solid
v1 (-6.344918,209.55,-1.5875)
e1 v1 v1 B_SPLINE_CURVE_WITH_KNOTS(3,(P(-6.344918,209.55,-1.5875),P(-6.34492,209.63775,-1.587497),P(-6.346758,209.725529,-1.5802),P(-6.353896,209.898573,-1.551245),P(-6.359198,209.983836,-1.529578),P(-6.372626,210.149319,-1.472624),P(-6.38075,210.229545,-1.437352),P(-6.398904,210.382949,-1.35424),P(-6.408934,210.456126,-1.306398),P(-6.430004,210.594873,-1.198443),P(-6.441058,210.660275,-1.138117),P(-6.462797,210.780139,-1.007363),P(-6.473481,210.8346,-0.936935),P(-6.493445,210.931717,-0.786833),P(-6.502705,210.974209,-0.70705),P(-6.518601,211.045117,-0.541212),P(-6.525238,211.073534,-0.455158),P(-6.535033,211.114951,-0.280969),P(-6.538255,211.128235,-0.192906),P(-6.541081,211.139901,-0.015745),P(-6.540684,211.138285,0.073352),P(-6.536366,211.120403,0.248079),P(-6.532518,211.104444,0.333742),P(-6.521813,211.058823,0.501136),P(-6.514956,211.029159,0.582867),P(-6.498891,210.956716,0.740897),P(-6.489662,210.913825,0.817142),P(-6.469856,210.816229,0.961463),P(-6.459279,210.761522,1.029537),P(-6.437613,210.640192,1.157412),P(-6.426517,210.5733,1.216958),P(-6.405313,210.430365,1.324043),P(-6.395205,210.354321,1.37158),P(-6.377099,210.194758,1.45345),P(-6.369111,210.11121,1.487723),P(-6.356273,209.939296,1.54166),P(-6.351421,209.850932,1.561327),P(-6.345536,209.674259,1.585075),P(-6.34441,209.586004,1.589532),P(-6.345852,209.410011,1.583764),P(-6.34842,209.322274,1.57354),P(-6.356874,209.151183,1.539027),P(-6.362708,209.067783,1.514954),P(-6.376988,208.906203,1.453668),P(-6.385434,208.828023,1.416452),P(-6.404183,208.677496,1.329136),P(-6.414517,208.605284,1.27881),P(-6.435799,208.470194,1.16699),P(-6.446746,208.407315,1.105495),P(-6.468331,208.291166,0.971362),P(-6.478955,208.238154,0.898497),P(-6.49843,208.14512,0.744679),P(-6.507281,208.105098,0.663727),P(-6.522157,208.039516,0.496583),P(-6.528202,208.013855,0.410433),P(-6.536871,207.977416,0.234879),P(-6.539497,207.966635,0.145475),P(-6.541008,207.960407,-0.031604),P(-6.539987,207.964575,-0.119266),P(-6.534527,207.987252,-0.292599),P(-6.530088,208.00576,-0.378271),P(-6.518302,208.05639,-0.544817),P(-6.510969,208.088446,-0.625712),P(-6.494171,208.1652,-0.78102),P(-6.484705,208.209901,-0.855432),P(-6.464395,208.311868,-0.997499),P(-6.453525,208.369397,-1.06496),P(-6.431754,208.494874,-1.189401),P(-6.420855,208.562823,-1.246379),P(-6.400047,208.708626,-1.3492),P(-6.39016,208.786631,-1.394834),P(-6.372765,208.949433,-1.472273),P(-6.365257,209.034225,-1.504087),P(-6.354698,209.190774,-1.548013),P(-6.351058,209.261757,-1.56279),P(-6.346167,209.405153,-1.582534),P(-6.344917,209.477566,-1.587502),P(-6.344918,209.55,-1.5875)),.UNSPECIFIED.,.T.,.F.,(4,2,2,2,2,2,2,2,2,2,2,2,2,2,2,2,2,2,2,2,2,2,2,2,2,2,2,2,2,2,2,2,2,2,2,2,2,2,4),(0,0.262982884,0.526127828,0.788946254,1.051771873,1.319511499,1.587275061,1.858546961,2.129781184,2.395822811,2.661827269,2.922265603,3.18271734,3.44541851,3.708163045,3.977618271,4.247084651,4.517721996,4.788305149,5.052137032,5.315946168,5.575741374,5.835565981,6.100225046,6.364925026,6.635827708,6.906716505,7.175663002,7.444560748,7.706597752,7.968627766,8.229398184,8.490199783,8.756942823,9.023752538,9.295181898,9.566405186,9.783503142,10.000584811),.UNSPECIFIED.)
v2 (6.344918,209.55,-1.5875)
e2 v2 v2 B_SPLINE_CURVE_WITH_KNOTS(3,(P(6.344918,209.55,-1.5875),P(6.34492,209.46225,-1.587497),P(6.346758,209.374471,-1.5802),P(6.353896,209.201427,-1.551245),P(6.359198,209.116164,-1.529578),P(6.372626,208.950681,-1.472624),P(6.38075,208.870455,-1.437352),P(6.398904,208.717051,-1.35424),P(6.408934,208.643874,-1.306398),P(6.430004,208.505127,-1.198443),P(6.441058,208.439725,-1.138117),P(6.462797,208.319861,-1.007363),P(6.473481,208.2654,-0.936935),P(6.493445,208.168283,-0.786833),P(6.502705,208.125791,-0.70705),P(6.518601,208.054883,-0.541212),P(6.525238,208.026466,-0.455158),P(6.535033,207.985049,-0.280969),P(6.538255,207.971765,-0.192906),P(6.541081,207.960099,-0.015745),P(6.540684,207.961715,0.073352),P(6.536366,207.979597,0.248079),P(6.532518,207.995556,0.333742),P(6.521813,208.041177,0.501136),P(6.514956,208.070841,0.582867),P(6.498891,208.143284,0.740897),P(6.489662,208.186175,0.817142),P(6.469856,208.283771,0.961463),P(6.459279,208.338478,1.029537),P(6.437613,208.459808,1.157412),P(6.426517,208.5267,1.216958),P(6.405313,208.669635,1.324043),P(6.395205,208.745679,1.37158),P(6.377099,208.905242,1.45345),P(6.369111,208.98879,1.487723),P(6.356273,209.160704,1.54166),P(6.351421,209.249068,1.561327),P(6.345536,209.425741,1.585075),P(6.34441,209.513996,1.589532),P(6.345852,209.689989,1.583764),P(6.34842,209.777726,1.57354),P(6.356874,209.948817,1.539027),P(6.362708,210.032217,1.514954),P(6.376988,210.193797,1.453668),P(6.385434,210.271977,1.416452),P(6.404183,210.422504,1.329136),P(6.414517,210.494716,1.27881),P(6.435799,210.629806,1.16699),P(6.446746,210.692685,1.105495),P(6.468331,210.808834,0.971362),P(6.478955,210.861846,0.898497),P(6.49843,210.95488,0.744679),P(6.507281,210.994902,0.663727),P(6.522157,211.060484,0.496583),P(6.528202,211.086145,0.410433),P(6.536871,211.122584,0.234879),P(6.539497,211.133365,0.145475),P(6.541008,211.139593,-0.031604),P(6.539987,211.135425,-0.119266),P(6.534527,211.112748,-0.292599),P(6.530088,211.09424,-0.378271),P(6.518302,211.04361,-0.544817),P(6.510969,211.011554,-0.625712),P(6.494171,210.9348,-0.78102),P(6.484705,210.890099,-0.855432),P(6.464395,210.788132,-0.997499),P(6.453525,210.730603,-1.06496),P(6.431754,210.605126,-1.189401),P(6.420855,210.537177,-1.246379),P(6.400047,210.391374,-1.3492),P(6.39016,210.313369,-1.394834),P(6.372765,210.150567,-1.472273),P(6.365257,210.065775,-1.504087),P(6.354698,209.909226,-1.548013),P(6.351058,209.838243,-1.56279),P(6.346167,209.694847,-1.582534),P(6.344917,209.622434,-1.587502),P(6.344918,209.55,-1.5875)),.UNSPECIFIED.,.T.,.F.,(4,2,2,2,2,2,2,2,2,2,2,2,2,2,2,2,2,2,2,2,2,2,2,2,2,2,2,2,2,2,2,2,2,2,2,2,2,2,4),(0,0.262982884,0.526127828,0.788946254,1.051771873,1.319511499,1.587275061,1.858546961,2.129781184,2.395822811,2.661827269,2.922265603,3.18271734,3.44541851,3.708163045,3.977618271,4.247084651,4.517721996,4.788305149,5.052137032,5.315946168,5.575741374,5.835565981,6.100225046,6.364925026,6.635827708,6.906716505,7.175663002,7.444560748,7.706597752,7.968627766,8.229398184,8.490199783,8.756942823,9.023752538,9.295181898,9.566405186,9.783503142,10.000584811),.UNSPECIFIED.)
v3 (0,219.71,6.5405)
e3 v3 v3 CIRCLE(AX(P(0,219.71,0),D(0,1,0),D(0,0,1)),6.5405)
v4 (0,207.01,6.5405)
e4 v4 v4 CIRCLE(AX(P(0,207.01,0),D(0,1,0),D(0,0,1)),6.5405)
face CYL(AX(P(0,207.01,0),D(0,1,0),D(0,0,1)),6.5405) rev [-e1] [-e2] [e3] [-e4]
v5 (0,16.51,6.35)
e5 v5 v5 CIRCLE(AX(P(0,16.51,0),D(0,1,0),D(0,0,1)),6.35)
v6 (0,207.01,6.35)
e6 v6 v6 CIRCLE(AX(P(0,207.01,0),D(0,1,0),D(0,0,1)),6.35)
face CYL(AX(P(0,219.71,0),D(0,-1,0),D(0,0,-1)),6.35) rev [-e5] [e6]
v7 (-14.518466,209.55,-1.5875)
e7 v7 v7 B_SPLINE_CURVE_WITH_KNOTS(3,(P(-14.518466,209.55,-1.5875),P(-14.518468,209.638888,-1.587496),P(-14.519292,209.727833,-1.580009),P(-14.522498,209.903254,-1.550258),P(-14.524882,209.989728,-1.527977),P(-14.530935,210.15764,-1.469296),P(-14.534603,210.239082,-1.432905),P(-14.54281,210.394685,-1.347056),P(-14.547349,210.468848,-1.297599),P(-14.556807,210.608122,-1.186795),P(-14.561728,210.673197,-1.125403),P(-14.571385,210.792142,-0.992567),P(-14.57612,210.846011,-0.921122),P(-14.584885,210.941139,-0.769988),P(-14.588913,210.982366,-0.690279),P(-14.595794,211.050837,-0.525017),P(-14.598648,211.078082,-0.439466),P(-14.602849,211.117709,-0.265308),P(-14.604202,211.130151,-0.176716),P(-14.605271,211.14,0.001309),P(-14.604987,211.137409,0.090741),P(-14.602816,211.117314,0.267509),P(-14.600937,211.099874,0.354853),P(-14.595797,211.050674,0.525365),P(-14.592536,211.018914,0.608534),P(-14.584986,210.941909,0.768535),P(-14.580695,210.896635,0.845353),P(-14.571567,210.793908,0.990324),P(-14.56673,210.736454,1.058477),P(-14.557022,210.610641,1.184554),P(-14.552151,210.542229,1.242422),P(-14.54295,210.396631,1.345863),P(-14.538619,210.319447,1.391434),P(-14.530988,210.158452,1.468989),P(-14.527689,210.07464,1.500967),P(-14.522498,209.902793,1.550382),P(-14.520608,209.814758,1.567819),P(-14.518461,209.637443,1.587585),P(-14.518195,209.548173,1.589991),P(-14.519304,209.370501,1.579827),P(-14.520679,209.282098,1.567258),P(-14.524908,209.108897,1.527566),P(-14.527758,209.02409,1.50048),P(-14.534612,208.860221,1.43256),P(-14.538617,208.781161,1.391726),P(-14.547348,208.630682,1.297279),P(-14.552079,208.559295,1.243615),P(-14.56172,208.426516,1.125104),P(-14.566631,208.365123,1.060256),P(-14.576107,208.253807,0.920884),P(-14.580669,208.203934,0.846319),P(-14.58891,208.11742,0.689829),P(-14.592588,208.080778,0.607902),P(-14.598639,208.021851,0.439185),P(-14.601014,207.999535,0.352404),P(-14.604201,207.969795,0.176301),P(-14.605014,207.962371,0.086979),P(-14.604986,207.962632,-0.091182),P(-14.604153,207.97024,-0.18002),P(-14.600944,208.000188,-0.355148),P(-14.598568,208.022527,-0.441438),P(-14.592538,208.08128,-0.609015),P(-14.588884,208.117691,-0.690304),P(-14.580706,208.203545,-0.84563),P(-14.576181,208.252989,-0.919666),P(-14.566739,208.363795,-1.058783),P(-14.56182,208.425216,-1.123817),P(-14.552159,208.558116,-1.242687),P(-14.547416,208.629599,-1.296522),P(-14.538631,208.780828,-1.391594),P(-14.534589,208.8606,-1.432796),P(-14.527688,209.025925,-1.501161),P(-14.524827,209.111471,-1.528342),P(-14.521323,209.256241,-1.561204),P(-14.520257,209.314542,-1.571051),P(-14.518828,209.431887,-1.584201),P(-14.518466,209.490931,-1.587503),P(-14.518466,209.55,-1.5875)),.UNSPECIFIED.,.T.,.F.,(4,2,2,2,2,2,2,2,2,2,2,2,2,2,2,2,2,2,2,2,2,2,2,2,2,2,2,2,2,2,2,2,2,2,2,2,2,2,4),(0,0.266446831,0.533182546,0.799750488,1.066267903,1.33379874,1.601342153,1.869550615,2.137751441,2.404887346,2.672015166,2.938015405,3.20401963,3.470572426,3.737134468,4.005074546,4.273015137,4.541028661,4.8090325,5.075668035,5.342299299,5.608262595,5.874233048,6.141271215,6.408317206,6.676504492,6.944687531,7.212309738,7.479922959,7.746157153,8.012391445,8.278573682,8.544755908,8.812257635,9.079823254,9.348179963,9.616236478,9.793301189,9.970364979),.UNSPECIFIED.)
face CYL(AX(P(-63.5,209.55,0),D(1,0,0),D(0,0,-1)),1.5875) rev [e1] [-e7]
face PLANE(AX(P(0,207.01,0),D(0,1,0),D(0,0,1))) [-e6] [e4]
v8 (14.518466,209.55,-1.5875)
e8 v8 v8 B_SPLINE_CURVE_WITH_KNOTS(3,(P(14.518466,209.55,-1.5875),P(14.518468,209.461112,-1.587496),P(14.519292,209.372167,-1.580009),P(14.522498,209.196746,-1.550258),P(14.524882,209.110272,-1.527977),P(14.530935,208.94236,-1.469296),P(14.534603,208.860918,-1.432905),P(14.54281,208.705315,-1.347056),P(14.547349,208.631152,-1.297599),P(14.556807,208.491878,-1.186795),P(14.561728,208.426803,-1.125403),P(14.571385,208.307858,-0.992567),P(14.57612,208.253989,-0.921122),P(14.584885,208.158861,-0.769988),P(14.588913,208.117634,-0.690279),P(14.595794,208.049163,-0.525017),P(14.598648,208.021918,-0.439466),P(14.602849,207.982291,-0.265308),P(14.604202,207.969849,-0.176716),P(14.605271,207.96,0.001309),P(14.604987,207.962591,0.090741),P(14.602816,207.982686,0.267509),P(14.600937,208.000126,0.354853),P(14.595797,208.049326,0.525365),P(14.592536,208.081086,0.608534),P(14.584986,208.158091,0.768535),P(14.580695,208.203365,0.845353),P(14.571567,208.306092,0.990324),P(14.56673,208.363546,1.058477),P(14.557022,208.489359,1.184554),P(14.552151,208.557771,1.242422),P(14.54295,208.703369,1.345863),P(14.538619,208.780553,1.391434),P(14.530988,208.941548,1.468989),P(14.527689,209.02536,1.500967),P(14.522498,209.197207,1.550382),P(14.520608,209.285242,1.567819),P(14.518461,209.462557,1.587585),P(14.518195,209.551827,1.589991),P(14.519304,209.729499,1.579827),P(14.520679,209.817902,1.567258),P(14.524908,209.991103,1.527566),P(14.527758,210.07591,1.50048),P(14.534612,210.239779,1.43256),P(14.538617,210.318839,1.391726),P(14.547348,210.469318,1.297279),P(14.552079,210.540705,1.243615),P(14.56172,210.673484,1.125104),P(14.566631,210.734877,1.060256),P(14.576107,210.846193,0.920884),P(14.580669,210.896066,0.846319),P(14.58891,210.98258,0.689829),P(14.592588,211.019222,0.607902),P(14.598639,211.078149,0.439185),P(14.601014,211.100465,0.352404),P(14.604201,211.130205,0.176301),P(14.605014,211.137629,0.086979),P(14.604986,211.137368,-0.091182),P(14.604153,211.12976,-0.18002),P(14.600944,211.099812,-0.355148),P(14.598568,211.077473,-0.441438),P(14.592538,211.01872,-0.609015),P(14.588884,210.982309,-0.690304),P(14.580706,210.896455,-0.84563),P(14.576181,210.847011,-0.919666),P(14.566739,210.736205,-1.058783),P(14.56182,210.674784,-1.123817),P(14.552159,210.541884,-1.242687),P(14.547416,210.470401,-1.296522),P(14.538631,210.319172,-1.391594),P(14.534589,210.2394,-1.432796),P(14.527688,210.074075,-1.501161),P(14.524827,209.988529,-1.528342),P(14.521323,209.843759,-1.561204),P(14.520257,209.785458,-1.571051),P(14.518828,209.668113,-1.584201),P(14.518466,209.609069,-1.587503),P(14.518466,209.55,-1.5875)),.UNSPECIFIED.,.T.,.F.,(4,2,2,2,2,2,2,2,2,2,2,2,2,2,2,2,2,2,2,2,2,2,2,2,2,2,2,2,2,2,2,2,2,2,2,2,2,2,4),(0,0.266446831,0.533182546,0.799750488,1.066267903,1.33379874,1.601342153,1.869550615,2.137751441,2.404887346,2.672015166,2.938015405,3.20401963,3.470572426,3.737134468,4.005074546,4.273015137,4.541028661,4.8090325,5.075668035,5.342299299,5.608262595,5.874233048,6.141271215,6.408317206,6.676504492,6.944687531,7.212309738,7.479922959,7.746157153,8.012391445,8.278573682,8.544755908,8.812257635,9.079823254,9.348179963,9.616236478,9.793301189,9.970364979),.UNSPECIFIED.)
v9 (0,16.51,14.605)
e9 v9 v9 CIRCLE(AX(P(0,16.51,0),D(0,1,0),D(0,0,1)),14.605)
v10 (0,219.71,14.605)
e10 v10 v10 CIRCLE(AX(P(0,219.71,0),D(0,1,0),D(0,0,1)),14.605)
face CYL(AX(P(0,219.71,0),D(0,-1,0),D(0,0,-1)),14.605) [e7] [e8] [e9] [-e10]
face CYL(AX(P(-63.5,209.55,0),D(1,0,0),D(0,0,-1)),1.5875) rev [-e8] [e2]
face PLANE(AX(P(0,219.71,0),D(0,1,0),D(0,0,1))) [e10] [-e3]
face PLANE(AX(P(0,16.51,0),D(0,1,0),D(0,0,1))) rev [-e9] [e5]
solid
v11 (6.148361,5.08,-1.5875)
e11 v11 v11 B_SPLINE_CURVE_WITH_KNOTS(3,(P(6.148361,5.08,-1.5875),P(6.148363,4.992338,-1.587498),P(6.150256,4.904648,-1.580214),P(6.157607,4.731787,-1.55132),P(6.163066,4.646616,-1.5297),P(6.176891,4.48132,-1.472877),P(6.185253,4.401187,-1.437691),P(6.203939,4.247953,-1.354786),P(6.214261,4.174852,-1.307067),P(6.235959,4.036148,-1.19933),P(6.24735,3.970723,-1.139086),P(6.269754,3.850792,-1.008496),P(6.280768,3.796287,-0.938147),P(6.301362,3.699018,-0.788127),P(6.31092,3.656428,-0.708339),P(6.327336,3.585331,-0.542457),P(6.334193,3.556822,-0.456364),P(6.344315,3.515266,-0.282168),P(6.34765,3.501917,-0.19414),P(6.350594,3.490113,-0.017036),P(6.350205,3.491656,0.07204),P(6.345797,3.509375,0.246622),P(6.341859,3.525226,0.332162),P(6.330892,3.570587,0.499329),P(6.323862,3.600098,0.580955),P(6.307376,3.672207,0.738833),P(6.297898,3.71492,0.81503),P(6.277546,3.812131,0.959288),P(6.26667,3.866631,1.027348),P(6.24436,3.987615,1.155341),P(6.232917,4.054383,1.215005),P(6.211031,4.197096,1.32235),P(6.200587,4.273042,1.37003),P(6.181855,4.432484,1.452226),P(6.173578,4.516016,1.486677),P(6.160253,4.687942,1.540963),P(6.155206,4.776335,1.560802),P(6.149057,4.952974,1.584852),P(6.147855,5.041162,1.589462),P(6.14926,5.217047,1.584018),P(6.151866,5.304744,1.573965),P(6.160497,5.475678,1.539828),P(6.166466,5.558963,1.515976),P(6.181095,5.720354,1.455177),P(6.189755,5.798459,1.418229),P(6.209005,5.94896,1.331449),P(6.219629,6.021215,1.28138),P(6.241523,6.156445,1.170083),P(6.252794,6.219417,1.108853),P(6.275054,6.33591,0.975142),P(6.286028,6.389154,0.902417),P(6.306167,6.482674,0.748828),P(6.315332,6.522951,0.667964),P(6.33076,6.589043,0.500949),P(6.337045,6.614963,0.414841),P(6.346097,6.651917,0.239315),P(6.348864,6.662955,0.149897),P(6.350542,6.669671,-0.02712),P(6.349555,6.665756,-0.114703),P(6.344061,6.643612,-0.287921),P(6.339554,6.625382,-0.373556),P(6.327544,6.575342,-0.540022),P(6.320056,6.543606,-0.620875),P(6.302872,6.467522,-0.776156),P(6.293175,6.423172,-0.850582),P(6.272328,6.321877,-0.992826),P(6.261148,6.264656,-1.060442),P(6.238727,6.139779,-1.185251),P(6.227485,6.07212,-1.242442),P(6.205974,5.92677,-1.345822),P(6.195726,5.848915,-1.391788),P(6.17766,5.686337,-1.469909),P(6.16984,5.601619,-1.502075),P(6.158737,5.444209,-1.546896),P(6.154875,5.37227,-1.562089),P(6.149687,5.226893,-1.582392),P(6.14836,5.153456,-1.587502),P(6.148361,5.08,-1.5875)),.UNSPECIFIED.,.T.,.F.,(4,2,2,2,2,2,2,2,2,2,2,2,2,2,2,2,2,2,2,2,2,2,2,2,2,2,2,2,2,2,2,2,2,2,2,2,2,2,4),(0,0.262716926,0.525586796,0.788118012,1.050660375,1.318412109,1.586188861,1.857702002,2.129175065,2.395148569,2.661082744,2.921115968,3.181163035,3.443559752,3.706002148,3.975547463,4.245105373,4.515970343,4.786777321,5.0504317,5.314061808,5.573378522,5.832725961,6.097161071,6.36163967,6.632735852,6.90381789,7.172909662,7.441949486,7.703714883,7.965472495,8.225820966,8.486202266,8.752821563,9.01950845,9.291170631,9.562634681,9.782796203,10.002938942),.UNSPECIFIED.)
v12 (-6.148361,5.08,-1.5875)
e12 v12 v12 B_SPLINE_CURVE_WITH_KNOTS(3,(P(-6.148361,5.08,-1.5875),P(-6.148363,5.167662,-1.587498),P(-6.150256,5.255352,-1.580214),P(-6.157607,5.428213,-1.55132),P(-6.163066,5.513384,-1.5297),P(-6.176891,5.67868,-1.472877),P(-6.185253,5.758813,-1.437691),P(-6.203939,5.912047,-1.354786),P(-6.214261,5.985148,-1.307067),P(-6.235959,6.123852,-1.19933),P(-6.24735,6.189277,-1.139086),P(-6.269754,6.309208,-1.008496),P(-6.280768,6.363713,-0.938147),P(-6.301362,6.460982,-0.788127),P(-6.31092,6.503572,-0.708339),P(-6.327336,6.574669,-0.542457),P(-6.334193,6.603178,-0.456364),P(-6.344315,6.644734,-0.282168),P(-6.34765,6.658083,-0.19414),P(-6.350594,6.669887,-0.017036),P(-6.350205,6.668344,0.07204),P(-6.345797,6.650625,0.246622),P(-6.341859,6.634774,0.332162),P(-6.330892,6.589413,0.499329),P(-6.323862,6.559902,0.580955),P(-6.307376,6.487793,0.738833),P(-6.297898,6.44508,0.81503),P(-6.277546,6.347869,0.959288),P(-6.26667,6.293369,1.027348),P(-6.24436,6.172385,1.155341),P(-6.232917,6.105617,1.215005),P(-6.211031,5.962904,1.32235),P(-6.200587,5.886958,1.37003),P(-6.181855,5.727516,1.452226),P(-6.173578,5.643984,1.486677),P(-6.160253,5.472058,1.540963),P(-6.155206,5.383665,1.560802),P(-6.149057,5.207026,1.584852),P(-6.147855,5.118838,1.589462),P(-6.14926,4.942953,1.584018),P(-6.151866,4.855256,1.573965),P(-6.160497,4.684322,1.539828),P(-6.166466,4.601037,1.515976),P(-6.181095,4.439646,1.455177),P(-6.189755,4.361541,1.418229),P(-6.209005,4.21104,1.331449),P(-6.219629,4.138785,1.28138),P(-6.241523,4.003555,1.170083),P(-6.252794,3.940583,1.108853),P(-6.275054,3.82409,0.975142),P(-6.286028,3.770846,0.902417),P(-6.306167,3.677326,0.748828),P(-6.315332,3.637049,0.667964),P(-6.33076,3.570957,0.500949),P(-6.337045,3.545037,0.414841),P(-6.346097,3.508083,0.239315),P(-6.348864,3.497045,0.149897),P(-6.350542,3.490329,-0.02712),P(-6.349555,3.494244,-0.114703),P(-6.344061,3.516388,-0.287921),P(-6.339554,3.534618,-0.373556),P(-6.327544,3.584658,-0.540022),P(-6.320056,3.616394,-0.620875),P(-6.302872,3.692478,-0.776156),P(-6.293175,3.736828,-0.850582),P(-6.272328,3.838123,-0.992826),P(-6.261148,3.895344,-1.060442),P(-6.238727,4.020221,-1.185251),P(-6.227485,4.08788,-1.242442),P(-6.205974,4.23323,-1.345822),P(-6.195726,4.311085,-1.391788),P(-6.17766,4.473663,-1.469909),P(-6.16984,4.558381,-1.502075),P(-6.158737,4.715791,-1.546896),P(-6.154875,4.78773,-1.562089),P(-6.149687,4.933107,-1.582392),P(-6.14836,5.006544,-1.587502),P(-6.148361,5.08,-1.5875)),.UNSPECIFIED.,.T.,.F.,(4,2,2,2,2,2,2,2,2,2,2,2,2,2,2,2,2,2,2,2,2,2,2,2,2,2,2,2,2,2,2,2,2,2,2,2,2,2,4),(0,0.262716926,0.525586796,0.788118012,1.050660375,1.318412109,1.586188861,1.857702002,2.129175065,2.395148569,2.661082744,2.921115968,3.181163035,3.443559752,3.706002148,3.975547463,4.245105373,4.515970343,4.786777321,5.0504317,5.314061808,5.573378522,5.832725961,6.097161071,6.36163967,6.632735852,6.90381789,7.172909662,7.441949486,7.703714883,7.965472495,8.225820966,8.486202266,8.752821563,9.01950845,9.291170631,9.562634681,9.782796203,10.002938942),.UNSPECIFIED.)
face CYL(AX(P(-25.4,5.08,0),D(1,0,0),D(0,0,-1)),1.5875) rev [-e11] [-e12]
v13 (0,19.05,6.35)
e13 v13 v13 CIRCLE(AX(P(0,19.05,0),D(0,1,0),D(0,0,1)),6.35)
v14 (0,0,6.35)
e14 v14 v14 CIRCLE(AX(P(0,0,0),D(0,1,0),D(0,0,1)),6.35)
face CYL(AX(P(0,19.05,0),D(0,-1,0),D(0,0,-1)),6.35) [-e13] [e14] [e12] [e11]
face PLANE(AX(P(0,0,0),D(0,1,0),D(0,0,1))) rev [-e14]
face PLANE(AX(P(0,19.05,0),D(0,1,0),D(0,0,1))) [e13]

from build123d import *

# Parameters (mm, degrees)
SKETCH1_R           = 6.35
BOSS_EXTRUDE1_DEPTH = 19.05
SKETCH2_R           = 1.5875
CUT_EXTRUDE1_DEPTH  = 25.4
SKETCH4_R           = 14.605
SKETCH4_R_2         = 6.35
BOSS_EXTRUDE3_DEPTH = 203.2
SKETCH5_R           = 1.5875
CUT_EXTRUDE2_DEPTH  = 63.5
SKETCH6_R           = 6.5405
CUT_EXTRUDE3_DEPTH  = 12.7


with BuildPart() as part:
    # Sketch1 → Boss-Extrude1 (new body)
    with BuildSketch(Plane(origin=(0, 0, 0), x_dir=(1, 0, 0), z_dir=(0, 1, 0))):
        with Locations(Location((0, 0, 0), (0, 0, 90))):
            Circle(SKETCH1_R)
    extrude(amount=BOSS_EXTRUDE1_DEPTH)

    # Sketch2 → Cut-Extrude1 (cut, symmetric)
    with BuildSketch(Plane(origin=(0, 0, 0), x_dir=(0, 0, -1), z_dir=(1, 0, 0))):
        with Locations((0, 5.08)):
            Circle(SKETCH2_R)
    extrude(amount=CUT_EXTRUDE1_DEPTH, both=True, mode=Mode.SUBTRACT)


with BuildPart() as body_2:
    # Sketch4 → Boss-Extrude3 (new body)
    with BuildSketch(Plane(origin=(0, 16.51, 0), x_dir=(1, 0, 0), z_dir=(0, 1, 0))):
        with Locations(Location((0, 0, 0), (0, 0, 270))):
            Circle(SKETCH4_R)
        with Locations(Location((0, 0, 0), (0, 0, 270))):
            Circle(SKETCH4_R_2, mode=Mode.SUBTRACT)
    extrude(amount=BOSS_EXTRUDE3_DEPTH)

    # Sketch5 → Cut-Extrude2 (cut, symmetric)
    with BuildSketch(Plane(origin=(0, 0, 0), x_dir=(0, 0, -1), z_dir=(1, 0, 0))):
        with Locations((0, 209.55)):
            Circle(SKETCH5_R)
    extrude(amount=CUT_EXTRUDE2_DEPTH, both=True, mode=Mode.SUBTRACT)

    # Sketch6 → Cut-Extrude3 (cut, symmetric)
    with BuildSketch(Plane(origin=(0, 219.71, 0), x_dir=(1, 0, 0), z_dir=(0, 1, 0))):
        with Locations(Location((0, 0, 0), (0, 0, 270))):
            Circle(SKETCH6_R)
    extrude(amount=CUT_EXTRUDE3_DEPTH, both=True, mode=Mode.SUBTRACT)


solid = Compound([part.part, body_2.part])
